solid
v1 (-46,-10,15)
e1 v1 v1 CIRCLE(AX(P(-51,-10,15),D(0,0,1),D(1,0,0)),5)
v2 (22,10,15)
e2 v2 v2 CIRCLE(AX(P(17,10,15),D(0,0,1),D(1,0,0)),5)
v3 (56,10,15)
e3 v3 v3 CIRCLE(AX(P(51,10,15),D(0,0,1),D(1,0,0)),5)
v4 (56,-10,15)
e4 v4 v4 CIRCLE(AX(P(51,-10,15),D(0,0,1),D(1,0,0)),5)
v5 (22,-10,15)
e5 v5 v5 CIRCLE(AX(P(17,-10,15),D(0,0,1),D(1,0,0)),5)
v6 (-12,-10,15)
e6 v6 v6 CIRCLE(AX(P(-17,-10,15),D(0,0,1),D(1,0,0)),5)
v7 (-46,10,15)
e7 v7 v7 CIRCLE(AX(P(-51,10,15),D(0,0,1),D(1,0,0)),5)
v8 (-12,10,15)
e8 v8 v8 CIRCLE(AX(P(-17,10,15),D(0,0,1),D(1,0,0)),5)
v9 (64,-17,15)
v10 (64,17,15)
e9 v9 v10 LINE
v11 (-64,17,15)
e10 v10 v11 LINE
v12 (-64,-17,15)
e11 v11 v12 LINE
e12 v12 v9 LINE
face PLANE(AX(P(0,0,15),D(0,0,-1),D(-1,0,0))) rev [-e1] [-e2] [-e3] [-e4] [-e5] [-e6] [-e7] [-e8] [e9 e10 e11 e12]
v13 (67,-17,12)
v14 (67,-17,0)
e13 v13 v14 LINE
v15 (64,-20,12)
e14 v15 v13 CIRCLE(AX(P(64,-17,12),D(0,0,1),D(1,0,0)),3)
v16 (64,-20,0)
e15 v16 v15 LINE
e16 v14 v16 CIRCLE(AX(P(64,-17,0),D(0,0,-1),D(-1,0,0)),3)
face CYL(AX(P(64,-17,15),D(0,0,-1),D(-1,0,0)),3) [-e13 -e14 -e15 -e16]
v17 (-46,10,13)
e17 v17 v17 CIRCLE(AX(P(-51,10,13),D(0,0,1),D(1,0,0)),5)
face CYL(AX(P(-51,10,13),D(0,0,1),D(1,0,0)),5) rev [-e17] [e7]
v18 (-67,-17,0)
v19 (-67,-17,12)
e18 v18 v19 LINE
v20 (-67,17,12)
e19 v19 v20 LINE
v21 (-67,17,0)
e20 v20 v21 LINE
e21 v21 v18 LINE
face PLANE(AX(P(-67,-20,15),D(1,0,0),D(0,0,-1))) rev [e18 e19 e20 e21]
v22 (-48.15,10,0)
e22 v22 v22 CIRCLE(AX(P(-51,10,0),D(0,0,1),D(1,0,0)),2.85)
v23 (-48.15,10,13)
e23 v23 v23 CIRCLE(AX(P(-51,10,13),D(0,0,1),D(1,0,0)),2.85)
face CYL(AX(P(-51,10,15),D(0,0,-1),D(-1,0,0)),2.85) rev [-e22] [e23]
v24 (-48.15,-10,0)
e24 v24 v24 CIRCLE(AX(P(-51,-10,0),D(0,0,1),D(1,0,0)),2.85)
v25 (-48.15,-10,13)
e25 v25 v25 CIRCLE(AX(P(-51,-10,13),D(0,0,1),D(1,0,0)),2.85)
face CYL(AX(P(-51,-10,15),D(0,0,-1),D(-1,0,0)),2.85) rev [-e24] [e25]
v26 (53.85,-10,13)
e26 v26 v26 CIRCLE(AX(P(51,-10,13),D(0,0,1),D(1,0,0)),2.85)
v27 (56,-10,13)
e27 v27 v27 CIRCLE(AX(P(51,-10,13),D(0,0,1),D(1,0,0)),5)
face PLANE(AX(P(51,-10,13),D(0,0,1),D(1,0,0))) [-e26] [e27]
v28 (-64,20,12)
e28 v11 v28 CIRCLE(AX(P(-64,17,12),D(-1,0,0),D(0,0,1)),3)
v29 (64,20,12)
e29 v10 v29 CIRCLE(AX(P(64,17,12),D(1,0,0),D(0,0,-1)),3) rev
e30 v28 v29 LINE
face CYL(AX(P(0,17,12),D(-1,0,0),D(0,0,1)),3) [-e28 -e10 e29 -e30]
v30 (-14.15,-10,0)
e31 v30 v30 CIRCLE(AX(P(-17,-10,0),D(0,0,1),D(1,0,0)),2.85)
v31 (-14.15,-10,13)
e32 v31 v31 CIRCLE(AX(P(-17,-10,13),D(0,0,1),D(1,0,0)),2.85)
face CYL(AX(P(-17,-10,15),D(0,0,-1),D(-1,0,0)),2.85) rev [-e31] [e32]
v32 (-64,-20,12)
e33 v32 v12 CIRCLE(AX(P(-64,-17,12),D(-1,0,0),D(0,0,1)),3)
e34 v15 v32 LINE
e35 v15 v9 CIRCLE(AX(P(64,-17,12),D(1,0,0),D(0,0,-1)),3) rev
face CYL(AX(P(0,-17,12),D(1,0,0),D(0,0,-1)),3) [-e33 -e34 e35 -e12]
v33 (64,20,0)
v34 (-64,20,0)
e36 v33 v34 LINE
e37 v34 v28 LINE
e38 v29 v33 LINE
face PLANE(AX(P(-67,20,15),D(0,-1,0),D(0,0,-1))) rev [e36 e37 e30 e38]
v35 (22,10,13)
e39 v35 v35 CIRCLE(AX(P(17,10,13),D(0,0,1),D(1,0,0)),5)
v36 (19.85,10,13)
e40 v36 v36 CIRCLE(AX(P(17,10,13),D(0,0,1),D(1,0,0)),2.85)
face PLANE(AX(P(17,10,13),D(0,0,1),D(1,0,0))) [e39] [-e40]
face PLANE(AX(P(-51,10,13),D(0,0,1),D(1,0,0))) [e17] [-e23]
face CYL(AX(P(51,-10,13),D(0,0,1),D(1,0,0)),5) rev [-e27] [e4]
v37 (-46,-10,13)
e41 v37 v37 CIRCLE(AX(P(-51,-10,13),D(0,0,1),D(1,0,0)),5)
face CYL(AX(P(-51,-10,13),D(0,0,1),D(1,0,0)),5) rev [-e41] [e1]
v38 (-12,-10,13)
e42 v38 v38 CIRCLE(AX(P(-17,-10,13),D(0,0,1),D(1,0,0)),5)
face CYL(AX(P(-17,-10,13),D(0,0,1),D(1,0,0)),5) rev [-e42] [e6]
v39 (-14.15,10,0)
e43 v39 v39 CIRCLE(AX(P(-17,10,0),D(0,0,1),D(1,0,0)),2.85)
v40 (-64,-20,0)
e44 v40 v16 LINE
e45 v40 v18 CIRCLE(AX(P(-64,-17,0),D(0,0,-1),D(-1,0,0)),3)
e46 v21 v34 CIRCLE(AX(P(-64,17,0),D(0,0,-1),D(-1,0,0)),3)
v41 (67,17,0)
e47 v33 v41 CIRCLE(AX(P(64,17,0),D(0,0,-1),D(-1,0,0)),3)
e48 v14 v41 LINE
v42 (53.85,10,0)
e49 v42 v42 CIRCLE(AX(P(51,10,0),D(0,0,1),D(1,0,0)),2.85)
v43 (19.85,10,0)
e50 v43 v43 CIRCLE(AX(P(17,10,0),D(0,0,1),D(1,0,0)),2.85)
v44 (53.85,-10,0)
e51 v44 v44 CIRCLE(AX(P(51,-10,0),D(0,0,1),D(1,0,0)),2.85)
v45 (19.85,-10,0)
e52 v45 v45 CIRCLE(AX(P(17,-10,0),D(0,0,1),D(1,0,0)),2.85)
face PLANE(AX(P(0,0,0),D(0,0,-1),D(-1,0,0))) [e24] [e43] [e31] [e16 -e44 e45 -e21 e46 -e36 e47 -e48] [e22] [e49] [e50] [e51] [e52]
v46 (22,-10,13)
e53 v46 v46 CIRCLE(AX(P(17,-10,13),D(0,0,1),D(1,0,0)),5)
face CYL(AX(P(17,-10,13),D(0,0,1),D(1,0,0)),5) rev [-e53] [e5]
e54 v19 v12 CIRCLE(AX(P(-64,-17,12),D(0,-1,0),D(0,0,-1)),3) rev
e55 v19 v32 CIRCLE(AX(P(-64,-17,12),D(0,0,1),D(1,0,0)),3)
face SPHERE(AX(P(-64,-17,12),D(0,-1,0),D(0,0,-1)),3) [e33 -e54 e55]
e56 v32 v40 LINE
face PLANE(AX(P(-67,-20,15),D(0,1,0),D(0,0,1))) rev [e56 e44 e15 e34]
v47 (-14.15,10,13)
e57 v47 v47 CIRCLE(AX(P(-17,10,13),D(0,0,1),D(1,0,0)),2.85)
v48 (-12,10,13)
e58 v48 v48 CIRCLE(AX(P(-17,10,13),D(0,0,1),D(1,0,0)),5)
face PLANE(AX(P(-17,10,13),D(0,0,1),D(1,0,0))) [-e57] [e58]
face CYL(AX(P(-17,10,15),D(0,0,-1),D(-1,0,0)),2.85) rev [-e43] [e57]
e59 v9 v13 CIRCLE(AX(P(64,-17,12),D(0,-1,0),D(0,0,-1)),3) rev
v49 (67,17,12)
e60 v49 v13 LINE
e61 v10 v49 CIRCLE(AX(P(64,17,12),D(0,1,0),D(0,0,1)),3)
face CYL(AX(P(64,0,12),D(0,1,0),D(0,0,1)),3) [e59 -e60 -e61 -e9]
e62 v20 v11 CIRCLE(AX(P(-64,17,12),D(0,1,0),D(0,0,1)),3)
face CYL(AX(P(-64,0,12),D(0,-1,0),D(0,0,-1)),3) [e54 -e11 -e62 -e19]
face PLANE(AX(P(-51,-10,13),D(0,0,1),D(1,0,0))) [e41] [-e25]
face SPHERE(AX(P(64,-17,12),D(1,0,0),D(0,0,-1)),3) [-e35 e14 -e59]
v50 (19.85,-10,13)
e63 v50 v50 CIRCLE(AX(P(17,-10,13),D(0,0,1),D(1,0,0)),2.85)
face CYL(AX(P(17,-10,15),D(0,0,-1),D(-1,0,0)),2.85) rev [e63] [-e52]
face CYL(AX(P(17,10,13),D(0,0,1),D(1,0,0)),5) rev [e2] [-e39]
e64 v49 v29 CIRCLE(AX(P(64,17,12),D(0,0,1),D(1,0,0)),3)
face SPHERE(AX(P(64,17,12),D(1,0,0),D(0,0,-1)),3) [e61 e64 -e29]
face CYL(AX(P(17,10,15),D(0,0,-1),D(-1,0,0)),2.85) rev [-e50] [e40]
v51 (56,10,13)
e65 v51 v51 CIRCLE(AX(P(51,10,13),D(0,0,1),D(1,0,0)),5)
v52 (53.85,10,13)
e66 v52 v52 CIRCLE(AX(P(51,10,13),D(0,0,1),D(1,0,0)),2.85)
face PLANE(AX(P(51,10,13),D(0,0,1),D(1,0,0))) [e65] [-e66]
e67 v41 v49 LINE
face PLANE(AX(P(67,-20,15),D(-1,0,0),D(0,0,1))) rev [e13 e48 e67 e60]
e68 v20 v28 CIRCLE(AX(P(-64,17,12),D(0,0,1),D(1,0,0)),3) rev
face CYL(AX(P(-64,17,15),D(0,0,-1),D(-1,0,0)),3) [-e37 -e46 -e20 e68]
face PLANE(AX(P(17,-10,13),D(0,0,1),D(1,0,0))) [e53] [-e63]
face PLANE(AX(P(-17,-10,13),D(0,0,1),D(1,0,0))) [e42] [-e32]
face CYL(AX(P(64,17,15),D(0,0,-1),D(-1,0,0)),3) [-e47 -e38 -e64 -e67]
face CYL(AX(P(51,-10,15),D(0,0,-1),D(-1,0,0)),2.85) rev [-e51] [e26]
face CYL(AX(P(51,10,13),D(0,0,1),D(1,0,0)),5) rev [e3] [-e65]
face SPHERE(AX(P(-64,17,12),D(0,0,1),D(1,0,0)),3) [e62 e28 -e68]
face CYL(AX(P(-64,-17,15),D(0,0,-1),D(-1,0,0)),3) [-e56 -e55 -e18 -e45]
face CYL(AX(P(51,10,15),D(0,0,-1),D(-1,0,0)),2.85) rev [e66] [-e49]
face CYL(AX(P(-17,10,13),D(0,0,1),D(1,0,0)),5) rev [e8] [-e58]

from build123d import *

# Parameters (mm, degrees)
SKETCH1_W           = 134
SKETCH1_H           = 40
SKETCH1_R           = 2.85
BOSS_EXTRUDE1_DEPTH = 15
SKETCH2_R           = 5
CUT_EXTRUDE1_DEPTH  = 2
FILLET1_R           = 3


with BuildPart() as part:
    # Sketch1 → Boss-Extrude1 (new body)
    with BuildSketch(Plane.XY):
        Rectangle(SKETCH1_W, SKETCH1_H)
        with Locations((-51, 10)):
            Circle(SKETCH1_R, mode=Mode.SUBTRACT)
        with Locations((-17, 10)):
            Circle(SKETCH1_R, mode=Mode.SUBTRACT)
        with Locations((17, 10)):
            Circle(SKETCH1_R, mode=Mode.SUBTRACT)
        with Locations((51, 10)):
            Circle(SKETCH1_R, mode=Mode.SUBTRACT)
        with Locations((-17, -10)):
            Circle(SKETCH1_R, mode=Mode.SUBTRACT)
        with Locations((17, -10)):
            Circle(SKETCH1_R, mode=Mode.SUBTRACT)
        with Locations((51, -10)):
            Circle(SKETCH1_R, mode=Mode.SUBTRACT)
        with Locations((-51, -10)):
            Circle(SKETCH1_R, mode=Mode.SUBTRACT)
    extrude(amount=BOSS_EXTRUDE1_DEPTH)

    # Sketch2 → Cut-Extrude1 (cut)
    with BuildSketch(Plane.XY.offset(15)):
        with Locations((-51, 10)):
            Circle(SKETCH2_R)
        with Locations((-17, 10)):
            Circle(SKETCH2_R)
        with Locations((17, 10)):
            Circle(SKETCH2_R)
        with Locations((51, 10)):
            Circle(SKETCH2_R)
        with Locations((-17, -10)):
            Circle(SKETCH2_R)
        with Locations((17, -10)):
            Circle(SKETCH2_R)
        with Locations((51, -10)):
            Circle(SKETCH2_R)
        with Locations((-51, -10)):
            Circle(SKETCH2_R)
    extrude(amount=-CUT_EXTRUDE1_DEPTH, mode=Mode.SUBTRACT)

    # Fillet1
    fillet1_edges = [part.edges().sort_by_distance(p)[0] for p in [
        (-67, 0, 15),
        (0, -20, 15),
        (67, 0, 15),
        (67, -20, 7.5),
        (-67, -20, 7.5),
        (-67, 20, 7.5),
        (67, 20, 7.5),
        (0, 20, 15),
    ]]
    fillet(fillet1_edges, radius=FILLET1_R)


solid = part.part
